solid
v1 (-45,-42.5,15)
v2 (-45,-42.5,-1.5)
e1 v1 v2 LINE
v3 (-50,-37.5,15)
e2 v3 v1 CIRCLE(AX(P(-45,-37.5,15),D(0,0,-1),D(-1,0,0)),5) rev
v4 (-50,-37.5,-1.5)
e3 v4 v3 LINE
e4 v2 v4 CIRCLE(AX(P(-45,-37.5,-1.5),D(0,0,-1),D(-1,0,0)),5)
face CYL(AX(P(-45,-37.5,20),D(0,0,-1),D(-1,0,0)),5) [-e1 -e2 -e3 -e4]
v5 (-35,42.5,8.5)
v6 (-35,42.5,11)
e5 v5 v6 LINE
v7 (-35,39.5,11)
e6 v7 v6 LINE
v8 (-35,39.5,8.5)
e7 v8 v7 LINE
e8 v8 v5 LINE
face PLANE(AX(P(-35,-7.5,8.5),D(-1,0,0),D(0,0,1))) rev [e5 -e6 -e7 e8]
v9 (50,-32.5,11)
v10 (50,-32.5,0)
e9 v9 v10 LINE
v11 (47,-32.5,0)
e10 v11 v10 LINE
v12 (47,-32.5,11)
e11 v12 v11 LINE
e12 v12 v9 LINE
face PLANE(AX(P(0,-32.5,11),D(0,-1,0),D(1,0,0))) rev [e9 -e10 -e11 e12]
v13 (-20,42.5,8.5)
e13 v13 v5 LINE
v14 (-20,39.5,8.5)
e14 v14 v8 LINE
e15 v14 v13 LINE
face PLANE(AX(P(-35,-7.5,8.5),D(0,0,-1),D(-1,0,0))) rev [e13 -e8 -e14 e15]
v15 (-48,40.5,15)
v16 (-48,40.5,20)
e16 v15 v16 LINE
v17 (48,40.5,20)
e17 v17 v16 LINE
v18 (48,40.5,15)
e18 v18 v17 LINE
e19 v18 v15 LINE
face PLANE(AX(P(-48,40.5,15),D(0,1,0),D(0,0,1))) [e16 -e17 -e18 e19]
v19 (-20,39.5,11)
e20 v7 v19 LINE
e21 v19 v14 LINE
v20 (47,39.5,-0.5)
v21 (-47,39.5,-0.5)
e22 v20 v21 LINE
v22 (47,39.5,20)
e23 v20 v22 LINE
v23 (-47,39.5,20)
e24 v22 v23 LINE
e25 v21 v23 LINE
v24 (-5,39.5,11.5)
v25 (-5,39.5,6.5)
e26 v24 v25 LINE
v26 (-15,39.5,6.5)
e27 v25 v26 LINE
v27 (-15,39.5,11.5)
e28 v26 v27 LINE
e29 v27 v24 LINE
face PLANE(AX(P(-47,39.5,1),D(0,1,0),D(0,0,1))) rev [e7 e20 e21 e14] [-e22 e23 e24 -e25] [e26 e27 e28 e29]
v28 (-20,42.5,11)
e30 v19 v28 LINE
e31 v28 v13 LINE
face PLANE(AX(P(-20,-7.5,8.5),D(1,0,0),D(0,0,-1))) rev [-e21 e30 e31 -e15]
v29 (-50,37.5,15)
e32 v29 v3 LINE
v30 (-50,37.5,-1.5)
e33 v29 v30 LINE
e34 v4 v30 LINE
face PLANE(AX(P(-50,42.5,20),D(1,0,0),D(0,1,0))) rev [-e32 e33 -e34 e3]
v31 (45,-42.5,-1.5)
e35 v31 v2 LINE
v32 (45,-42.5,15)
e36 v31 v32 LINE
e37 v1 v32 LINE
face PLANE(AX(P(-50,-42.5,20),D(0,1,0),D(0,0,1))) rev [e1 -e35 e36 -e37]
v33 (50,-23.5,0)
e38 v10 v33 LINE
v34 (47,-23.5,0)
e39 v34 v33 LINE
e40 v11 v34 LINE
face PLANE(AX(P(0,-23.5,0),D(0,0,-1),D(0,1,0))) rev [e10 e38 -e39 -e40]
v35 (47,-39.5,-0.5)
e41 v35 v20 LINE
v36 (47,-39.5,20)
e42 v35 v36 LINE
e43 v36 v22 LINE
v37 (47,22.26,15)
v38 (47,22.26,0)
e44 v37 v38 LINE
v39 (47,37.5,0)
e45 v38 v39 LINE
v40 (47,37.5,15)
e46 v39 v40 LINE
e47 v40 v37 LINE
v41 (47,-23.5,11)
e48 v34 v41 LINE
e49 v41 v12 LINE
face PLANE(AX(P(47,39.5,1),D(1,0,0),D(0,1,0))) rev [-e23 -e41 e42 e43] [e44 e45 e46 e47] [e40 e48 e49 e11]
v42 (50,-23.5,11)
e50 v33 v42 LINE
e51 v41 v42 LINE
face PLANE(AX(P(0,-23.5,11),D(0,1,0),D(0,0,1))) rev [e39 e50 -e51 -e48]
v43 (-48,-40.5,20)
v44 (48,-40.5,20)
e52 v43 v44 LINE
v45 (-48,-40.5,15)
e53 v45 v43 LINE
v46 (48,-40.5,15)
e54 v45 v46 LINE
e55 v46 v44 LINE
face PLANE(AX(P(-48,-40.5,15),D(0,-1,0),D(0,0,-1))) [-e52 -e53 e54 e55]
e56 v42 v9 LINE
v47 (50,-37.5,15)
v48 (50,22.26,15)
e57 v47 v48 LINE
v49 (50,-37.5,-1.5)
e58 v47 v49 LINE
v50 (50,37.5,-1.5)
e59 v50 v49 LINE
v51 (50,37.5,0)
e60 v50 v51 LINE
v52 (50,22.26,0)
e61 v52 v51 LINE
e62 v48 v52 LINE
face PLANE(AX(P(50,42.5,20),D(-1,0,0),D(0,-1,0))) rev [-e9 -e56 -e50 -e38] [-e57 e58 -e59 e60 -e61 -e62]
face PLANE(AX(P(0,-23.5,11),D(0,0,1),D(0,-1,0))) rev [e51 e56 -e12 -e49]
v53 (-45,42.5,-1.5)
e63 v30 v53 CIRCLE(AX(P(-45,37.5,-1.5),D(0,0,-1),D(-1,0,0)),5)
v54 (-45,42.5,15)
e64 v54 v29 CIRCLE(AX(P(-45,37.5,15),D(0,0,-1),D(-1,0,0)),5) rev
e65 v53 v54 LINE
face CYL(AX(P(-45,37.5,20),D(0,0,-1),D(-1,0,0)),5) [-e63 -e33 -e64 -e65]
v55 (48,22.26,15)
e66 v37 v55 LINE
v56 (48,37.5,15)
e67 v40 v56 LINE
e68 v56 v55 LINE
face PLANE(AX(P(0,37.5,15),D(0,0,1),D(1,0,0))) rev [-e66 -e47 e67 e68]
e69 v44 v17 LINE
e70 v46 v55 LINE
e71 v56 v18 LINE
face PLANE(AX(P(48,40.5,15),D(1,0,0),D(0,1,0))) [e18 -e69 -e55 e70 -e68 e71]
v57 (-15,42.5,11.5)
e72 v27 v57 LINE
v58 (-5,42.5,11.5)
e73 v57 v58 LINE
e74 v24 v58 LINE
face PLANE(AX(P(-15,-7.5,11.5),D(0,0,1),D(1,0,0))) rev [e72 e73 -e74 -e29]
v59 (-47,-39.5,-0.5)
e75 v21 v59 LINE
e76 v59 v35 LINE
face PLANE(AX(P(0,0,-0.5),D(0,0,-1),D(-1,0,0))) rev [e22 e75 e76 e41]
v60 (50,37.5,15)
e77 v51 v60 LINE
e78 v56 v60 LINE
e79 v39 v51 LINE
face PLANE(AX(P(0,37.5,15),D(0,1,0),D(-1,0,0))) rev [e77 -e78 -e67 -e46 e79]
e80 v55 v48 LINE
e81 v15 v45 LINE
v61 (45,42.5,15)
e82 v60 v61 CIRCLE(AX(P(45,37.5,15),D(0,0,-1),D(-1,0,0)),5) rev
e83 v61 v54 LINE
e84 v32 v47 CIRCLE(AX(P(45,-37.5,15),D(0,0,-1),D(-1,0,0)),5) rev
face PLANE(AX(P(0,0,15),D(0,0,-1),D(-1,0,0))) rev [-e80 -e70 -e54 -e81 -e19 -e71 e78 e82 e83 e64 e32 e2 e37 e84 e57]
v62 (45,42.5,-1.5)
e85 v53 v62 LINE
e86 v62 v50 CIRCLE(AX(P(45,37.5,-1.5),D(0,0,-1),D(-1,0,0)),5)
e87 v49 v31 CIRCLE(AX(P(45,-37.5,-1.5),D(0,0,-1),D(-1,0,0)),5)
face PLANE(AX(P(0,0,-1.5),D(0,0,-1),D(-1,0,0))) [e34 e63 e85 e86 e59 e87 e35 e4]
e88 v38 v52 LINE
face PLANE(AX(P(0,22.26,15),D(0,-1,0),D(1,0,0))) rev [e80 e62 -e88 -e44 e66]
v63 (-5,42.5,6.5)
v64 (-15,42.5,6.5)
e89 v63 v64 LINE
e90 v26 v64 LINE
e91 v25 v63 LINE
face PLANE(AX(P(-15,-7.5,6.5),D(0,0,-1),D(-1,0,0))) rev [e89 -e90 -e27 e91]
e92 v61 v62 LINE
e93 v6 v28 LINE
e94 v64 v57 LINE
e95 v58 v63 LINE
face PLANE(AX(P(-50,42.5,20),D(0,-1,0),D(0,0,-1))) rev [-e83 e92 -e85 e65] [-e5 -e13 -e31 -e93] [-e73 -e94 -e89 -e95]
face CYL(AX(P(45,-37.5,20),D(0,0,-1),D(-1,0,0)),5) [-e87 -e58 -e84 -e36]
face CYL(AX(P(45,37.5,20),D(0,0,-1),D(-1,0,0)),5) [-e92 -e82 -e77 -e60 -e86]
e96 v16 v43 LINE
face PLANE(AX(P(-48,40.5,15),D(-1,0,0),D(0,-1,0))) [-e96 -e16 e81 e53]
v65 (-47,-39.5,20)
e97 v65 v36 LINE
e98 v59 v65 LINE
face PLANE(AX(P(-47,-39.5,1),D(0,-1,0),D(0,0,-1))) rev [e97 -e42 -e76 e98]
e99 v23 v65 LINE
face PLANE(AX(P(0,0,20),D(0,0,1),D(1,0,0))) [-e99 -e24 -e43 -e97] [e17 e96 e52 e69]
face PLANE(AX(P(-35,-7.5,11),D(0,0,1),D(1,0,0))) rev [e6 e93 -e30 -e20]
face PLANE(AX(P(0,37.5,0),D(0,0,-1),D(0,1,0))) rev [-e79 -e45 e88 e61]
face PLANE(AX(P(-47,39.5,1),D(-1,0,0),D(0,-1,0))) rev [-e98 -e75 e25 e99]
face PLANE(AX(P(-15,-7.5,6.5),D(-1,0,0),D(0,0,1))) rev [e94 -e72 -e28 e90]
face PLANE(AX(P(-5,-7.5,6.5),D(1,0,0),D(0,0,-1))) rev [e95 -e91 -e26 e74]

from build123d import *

# Parameters (mm, degrees)
SKETCH1_W           = 100
SKETCH1_H           = 85
BOSS_EXTRUDE2_DEPTH = 20
SKETCH3_W           = 100
SKETCH3_H           = 85
SKETCH3_W_2         = 96
SKETCH3_H_2         = 81
CUT_EXTRUDE1_DEPTH  = 5
SKETCH4_W           = 94
SKETCH4_H           = 79
CUT_EXTRUDE2_DEPTH  = 19
SKETCH9_W           = 100
SKETCH9_H           = 85
BOSS_EXTRUDE3_DEPTH = 1.5
SKETCH10_W          = 94
SKETCH10_H          = 79
CUT_EXTRUDE5_DEPTH  = 1.5
SKETCH11_W          = 11
SKETCH11_H          = 9
CUT_EXTRUDE7_DEPTH  = 50
SKETCH12_W          = 15
SKETCH12_H          = 15.24
CUT_EXTRUDE8_DEPTH  = 50
SKETCH13_W          = 15
SKETCH13_H          = 2.5
CUT_EXTRUDE9_DEPTH  = 50
SKETCH14_W          = 10
SKETCH14_H          = 5
CUT_EXTRUDE10_DEPTH = 50
FILLET1_R           = 5


with BuildPart() as part:
    # Sketch1 → Boss-Extrude2 (new body)
    with BuildSketch(Plane.XY):
        Rectangle(SKETCH1_W, SKETCH1_H)
    extrude(amount=BOSS_EXTRUDE2_DEPTH)

    # Sketch3 → Cut-Extrude1 (cut)
    with BuildSketch(Plane.XY.offset(20)):
        Rectangle(SKETCH3_W, SKETCH3_H)
        Rectangle(SKETCH3_W_2, SKETCH3_H_2, mode=Mode.SUBTRACT)
    extrude(amount=-CUT_EXTRUDE1_DEPTH, mode=Mode.SUBTRACT)

    # Sketch4 → Cut-Extrude2 (cut)
    with BuildSketch(Plane.XY.offset(20)):
        Rectangle(SKETCH4_W, SKETCH4_H)
    extrude(amount=-CUT_EXTRUDE2_DEPTH, mode=Mode.SUBTRACT)

    # Sketch9 → Boss-Extrude3 (add)
    with BuildSketch(Plane(origin=(0, 0, 0), x_dir=(-1, 0, 0), z_dir=(0, 0, -1))):
        Rectangle(SKETCH9_W, SKETCH9_H)
    extrude(amount=BOSS_EXTRUDE3_DEPTH)

    # Sketch10 → Cut-Extrude5 (cut)
    with BuildSketch(Plane.XY.offset(1)):
        Rectangle(SKETCH10_W, SKETCH10_H)
    extrude(amount=-CUT_EXTRUDE5_DEPTH, mode=Mode.SUBTRACT)

    # Sketch11 → Cut-Extrude7 (cut)
    with BuildSketch(Plane(origin=(50, 0, 0), x_dir=(0, 0, -1), z_dir=(1, 0, 0))):
        with Locations((-5.5, -28)):
            Rectangle(SKETCH11_W, SKETCH11_H)
    extrude(amount=-CUT_EXTRUDE7_DEPTH, mode=Mode.SUBTRACT)

    # Sketch12 → Cut-Extrude8 (cut)
    with BuildSketch(Plane(origin=(50, 0, 0), x_dir=(0, 0, -1), z_dir=(1, 0, 0))):
        with Locations((-7.5, 29.88)):
            Rectangle(SKETCH12_W, SKETCH12_H)
    extrude(amount=-CUT_EXTRUDE8_DEPTH, mode=Mode.SUBTRACT)

    # Sketch13 → Cut-Extrude9 (cut)
    with BuildSketch(Plane(origin=(0, 42.5, 0), x_dir=(1, 0, 0), z_dir=(0, 1, 0))):
        with Locations((-27.5, -9.75)):
            Rectangle(SKETCH13_W, SKETCH13_H)
    extrude(amount=-CUT_EXTRUDE9_DEPTH, mode=Mode.SUBTRACT)

    # Sketch14 → Cut-Extrude10 (cut)
    with BuildSketch(Plane(origin=(0, 42.5, 0), x_dir=(1, 0, 0), z_dir=(0, 1, 0))):
        with Locations((-10, -9)):
            Rectangle(SKETCH14_W, SKETCH14_H)
    extrude(amount=-CUT_EXTRUDE10_DEPTH, mode=Mode.SUBTRACT)

    # Fillet1
    fillet1_edges = [part.edges().sort_by_distance(p)[0] for p in [
        (50, -42.5, 6.75),
        (-50, -42.5, 6.75),
        (-50, 42.5, 6.75),
        (50, 42.5, 6.75),
    ]]
    fillet(fillet1_edges, radius=FILLET1_R)


solid = part.part
